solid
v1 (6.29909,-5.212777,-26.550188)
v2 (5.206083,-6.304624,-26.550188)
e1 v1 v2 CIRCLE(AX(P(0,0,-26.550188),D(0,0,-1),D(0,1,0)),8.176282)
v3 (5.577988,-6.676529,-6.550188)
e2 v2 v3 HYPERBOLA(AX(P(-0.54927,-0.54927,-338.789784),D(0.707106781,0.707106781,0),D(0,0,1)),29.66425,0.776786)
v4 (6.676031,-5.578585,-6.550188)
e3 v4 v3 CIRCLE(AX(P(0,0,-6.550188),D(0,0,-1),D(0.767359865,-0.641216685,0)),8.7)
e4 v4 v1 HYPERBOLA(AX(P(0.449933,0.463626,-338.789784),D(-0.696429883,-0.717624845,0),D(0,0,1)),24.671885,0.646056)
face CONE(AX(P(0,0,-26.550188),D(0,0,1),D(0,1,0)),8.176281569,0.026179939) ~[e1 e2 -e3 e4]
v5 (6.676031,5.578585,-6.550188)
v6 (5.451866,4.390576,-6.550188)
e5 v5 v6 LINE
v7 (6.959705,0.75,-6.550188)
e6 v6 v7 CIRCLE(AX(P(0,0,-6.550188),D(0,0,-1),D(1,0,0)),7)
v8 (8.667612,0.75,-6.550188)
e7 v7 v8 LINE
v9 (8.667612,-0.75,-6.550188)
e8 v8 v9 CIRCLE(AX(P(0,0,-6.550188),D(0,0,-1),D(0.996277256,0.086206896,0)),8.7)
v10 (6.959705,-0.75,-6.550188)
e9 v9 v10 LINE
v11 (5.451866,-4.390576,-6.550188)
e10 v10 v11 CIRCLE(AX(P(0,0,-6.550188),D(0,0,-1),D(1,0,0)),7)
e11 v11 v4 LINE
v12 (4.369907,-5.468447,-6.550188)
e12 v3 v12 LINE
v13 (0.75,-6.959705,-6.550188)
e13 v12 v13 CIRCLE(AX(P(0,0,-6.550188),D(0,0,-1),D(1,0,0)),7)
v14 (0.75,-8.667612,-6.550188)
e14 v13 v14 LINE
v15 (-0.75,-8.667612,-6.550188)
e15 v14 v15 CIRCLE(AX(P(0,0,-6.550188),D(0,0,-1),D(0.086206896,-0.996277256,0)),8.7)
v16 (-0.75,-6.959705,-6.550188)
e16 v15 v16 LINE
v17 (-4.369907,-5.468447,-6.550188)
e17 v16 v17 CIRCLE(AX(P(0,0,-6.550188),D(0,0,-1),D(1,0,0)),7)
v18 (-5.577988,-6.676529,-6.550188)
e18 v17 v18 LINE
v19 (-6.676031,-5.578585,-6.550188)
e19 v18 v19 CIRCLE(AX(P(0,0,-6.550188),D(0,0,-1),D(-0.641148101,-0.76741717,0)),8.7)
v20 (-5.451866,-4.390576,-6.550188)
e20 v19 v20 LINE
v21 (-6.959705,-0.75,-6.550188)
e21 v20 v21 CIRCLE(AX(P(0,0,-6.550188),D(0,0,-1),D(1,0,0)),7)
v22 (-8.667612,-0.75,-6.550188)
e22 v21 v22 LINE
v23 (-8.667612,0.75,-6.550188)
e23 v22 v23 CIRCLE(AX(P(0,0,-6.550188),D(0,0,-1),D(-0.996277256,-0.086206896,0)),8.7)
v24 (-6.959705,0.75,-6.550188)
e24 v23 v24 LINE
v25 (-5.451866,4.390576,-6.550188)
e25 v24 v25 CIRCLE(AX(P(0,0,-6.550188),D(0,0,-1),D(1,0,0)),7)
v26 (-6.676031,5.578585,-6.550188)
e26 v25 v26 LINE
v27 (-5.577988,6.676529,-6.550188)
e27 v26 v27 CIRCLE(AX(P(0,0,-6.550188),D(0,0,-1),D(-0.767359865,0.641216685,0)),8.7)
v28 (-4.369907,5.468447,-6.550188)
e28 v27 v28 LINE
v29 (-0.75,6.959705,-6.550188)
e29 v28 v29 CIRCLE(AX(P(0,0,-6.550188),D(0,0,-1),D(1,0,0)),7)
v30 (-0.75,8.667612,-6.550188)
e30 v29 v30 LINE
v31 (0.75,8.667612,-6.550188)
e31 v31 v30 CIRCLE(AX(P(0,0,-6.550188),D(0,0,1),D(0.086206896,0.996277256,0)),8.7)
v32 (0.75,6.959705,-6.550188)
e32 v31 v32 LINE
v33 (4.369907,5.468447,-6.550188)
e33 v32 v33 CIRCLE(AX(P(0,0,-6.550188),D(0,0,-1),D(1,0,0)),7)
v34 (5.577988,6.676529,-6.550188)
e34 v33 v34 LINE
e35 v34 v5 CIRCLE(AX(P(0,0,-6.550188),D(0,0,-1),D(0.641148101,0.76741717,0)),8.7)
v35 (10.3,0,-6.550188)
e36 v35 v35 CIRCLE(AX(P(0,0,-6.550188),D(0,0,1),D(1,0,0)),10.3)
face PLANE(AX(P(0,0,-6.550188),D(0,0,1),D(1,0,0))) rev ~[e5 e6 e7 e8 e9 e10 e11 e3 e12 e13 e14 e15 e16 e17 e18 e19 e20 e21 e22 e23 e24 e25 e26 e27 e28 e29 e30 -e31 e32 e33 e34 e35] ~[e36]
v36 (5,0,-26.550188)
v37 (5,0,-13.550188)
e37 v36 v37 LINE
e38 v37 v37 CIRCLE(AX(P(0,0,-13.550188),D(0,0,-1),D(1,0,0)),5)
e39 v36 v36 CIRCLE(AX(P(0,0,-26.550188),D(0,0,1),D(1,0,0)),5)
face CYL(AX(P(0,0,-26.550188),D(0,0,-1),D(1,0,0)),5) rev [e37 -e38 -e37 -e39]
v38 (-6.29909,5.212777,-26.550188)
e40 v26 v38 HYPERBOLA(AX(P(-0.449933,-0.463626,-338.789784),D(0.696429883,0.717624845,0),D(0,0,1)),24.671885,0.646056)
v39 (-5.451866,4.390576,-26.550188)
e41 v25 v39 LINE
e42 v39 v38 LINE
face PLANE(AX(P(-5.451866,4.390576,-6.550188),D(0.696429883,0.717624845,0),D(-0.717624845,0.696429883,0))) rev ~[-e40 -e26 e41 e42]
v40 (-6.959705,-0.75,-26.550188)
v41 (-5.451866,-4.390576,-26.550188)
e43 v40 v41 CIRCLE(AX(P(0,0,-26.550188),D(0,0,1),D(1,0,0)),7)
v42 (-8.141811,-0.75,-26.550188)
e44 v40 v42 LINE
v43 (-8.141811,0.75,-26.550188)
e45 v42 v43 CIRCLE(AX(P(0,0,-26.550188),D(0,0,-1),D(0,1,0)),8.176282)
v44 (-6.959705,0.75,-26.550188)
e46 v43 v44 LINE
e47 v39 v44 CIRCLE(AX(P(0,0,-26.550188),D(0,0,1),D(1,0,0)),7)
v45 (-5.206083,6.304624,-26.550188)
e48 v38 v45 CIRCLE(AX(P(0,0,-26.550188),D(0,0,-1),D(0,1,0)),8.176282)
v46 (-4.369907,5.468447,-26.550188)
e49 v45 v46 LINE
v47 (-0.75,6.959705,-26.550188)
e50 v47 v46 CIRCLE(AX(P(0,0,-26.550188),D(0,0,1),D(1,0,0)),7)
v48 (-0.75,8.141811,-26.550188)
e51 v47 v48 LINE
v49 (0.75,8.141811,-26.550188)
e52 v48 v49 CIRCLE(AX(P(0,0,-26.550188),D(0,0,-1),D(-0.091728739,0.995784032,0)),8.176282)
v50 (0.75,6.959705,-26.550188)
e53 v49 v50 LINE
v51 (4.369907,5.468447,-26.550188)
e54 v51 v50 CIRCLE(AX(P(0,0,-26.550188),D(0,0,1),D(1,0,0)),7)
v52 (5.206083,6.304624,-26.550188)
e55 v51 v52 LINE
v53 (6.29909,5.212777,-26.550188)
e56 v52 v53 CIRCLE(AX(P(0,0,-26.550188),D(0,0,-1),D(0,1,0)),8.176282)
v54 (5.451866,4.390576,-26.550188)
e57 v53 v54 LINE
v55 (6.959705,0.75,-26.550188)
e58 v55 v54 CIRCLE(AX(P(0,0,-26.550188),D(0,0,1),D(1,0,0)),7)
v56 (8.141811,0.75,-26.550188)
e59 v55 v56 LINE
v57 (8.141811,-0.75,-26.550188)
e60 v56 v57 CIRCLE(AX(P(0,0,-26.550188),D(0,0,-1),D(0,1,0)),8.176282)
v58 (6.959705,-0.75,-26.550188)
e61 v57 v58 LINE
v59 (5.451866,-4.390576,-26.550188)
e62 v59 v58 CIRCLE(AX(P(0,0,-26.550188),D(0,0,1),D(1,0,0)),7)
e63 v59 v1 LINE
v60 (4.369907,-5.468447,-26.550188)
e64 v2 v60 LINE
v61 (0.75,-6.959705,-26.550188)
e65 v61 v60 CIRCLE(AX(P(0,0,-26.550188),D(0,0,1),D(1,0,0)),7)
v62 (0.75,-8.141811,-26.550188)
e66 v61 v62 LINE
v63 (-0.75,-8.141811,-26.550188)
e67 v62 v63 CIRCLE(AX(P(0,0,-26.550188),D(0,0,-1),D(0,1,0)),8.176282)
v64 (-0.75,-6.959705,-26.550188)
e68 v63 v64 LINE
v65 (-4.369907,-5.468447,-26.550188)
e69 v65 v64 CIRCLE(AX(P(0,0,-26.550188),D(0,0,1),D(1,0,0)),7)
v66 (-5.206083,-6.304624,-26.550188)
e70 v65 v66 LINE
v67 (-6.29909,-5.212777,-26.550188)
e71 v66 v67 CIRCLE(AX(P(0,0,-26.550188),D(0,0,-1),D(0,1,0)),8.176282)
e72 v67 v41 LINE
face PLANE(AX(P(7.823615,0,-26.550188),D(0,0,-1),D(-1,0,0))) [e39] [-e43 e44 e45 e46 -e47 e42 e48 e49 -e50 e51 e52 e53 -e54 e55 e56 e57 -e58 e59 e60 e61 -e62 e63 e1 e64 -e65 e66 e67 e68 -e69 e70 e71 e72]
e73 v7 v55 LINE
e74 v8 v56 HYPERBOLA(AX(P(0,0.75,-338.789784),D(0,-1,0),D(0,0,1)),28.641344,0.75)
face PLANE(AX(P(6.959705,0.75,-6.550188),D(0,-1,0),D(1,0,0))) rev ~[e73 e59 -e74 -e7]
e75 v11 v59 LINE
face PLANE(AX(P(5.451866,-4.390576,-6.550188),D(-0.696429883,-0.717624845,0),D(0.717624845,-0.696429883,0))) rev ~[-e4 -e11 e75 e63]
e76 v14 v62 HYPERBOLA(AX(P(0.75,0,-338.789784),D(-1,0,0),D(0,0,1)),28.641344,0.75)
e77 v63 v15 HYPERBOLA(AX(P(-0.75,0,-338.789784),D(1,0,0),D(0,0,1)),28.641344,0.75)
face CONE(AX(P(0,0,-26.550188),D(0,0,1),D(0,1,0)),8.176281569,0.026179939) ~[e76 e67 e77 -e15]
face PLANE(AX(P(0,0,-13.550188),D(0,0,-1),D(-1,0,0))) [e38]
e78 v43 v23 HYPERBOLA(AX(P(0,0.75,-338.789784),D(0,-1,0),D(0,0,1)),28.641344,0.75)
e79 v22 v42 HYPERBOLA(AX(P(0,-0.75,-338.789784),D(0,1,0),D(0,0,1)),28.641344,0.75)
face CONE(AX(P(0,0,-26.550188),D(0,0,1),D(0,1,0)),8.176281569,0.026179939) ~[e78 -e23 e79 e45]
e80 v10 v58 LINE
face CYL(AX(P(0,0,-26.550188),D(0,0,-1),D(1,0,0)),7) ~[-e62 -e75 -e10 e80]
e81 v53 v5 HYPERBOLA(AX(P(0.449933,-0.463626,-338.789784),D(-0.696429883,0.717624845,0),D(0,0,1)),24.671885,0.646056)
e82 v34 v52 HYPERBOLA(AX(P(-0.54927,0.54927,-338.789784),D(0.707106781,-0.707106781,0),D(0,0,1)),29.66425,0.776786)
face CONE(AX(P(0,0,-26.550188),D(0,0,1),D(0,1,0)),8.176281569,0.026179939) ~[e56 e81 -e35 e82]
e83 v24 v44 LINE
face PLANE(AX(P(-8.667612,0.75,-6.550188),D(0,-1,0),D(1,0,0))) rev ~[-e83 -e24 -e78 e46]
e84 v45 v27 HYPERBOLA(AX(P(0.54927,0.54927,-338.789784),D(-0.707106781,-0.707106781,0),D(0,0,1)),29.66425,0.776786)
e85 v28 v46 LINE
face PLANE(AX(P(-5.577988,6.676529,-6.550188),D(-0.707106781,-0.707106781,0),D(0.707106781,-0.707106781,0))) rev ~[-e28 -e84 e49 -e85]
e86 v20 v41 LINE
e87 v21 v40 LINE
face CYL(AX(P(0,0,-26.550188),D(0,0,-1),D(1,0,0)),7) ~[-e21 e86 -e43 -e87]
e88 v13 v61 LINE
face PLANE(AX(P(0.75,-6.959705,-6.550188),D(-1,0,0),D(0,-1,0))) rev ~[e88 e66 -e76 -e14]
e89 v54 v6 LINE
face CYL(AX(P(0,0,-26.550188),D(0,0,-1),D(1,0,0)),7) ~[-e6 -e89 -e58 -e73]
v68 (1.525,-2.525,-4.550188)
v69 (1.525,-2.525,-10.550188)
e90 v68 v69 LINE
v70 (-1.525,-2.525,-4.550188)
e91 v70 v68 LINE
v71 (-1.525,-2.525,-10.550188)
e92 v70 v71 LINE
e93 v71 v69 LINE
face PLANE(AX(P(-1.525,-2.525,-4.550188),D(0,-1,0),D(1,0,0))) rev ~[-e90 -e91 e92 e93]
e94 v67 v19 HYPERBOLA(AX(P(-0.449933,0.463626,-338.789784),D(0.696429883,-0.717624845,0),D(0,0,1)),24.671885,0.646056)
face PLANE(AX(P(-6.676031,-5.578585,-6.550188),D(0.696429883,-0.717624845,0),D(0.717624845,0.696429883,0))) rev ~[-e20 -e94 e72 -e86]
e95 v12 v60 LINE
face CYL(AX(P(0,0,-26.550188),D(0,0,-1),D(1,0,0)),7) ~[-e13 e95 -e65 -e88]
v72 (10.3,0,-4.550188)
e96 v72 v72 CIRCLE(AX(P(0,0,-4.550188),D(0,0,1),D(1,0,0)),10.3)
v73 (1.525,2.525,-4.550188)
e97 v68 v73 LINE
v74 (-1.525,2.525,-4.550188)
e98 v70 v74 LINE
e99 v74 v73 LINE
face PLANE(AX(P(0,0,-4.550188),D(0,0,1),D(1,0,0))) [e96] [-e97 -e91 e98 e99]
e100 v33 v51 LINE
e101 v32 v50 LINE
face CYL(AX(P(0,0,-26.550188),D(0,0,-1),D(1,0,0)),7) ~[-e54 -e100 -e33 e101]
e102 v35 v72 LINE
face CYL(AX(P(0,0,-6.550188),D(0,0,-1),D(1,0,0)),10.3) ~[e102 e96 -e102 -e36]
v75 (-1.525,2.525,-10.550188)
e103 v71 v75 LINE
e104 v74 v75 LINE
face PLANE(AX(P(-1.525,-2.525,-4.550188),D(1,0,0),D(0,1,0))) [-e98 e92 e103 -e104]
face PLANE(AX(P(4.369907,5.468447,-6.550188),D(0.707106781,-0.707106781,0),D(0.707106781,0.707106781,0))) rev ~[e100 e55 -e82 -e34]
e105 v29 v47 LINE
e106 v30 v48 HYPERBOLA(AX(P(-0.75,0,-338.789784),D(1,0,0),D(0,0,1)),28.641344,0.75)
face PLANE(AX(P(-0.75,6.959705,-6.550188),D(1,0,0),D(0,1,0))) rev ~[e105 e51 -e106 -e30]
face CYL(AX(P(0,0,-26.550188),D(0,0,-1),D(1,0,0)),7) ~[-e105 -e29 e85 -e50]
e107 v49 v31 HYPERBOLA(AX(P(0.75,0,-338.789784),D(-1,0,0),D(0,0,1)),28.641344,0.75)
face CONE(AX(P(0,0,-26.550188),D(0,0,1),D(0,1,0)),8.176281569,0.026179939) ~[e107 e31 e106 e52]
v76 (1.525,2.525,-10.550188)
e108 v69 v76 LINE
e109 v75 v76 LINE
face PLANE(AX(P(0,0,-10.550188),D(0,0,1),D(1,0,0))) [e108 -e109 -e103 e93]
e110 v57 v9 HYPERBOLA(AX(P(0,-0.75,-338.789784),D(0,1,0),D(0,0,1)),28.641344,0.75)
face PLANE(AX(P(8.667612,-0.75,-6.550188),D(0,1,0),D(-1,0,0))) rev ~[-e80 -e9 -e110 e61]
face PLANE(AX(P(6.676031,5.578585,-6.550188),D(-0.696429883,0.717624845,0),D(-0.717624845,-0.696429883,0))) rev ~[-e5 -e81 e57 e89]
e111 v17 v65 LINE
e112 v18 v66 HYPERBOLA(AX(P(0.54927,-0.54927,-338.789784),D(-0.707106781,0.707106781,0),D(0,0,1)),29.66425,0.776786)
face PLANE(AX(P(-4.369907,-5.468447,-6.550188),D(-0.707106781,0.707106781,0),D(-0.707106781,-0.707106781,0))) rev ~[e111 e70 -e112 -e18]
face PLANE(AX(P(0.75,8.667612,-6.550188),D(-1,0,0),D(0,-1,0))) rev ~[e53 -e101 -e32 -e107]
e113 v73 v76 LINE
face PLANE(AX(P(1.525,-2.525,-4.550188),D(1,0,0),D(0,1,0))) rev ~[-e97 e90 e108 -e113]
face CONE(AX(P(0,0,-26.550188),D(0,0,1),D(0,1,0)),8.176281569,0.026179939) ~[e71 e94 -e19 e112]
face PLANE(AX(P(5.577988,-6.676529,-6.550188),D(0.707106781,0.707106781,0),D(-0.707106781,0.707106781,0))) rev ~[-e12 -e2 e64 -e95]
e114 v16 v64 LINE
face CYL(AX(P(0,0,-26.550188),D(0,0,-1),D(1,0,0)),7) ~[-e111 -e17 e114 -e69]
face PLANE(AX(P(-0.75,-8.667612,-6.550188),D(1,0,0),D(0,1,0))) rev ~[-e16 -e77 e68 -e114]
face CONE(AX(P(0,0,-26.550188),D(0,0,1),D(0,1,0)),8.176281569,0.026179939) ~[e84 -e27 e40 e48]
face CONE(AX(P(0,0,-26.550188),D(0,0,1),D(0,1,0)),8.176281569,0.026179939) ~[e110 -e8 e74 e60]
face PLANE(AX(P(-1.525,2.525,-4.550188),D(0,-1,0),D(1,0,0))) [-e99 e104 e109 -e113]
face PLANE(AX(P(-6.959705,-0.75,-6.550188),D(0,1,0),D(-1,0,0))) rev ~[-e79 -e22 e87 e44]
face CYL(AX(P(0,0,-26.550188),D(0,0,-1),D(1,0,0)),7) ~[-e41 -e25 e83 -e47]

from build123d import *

# Parameters (mm, degrees)
SKETCH_1_R           = 20.6
EXTRUDE_1_DEPTH      = 4
EXTRUDE_2_DEPTH      = 1
EXTRUDE_2_DEPTH_BACK = 40
SKETCH_2_R           = 14
SKETCH_2_R_2         = 10
EXTRUDE_3_DEPTH      = 40
SKETCH_9_R           = 14
EXTRUDE_4_DEPTH      = 14
SKETCH_10_W          = 6.1
SKETCH_10_H          = 10.1
CUT_EXTRUDE_1_DEPTH  = 12
SCALE_1_SCALE        = 0.5


with BuildPart() as part:
    # Эскиз1 → Бобышка-Вытянуть1 (new body)
    with BuildSketch(Plane.XY):
        Circle(SKETCH_1_R)
    extrude(amount=EXTRUDE_1_DEPTH)



with BuildPart() as body_2:
    # Эскиз2 → Бобышка-Вытянуть2 (new, two sides: drawn at the far end of the back side and taken through both)
    with BuildSketch(Plane.XY.offset(-EXTRUDE_2_DEPTH_BACK)):
        Circle(SKETCH_2_R)
        Circle(SKETCH_2_R_2, mode=Mode.SUBTRACT)
    extrude(amount=EXTRUDE_2_DEPTH + EXTRUDE_2_DEPTH_BACK)


with BuildPart() as part_1:
    add(part.part)

    add(body_2.part)  # Бобышка-Вытянуть3 merges body 2
    # Эскиз3 → Бобышка-Вытянуть3 (add)
    with BuildSketch(Plane(origin=(0, 0, 0), x_dir=(-1, 0, 0), z_dir=(0, 0, -1))):
        with BuildLine():
            Line((-13.919410907, 1.5), (-17.335224256, 1.5))
            ThreePointArc((-17.335224256, 1.5), (-17.4, 0), (-17.335224256, -1.5))
            Line((-17.335224256, -1.5), (-13.919410907, -1.5))
            ThreePointArc((-13.919410907, -1.5), (-14, 0), (-13.919410907, 1.5))
        make_face()
        with BuildLine():
            Line((-13.352061647, 11.15717033), (-10.90373204, 8.781151838))
            ThreePointArc((-10.90373204, 8.781151838), (-9.880739986, 9.918214422), (-8.73981303, 10.936894815))
            Line((-8.73981303, 10.936894815), (-11.155976965, 13.353058749))
            ThreePointArc((-11.155976965, 13.353058749), (-12.30310817, 12.304207791), (-13.352061647, 11.15717033))
        make_face()
        with BuildLine():
            ThreePointArc((-8.73981303, -10.936894815), (-9.880739986, -9.918214422), (-10.90373204, -8.781151838))
            Line((-10.90373204, -8.781151838), (-13.352061647, -11.15717033))
            ThreePointArc((-13.352061647, -11.15717033), (-12.30310817, -12.304207791), (-11.155976965, -13.353058749))
            Line((-11.155976965, -13.353058749), (-8.73981303, -10.936894815))
        make_face()
        with BuildLine():
            Line((-1.5, 17.335224256), (-1.5, 13.919410907))
            ThreePointArc((-1.5, 13.919410907), (0, 14), (1.5, 13.919410907))
            Line((1.5, 13.919410907), (1.5, 17.335224256))
            ThreePointArc((1.5, 17.335224256), (0, 17.4), (-1.5, 17.335224256))
        make_face()
        with BuildLine():
            ThreePointArc((1.5, -13.919410907), (0, -14), (-1.5, -13.919410907))
            Line((-1.5, -13.919410907), (-1.5, -17.335224256))
            ThreePointArc((-1.5, -17.335224256), (0, -17.4), (1.5, -17.335224256))
            Line((1.5, -17.335224256), (1.5, -13.919410907))
        make_face()
        with BuildLine():
            Line((11.155976965, 13.353058749), (8.73981303, 10.936894815))
            ThreePointArc((8.73981303, 10.936894815), (9.880739986, 9.918214422), (10.90373204, 8.781151838))
            Line((10.90373204, 8.781151838), (13.352061647, 11.15717033))
            ThreePointArc((13.352061647, 11.15717033), (12.30310817, 12.304207791), (11.155976965, 13.353058749))
        make_face()
        with BuildLine():
            ThreePointArc((10.90373204, -8.781151838), (9.880739986, -9.918214422), (8.73981303, -10.936894815))
            Line((8.73981303, -10.936894815), (11.155976965, -13.353058749))
            ThreePointArc((11.155976965, -13.353058749), (12.30310817, -12.304207791), (13.352061647, -11.15717033))
            Line((13.352061647, -11.15717033), (10.90373204, -8.781151838))
        make_face()
        with BuildLine():
            Line((17.335224256, 1.5), (13.919410907, 1.5))
            ThreePointArc((13.919410907, 1.5), (14, 0), (13.919410907, -1.5))
            Line((13.919410907, -1.5), (17.335224256, -1.5))
            ThreePointArc((17.335224256, -1.5), (17.4, 0), (17.335224256, 1.5))
        make_face()
    extrude(amount=EXTRUDE_3_DEPTH)

    # Эскиз8 → Вырез-Повернуть2 (revolve, cut)
    with BuildSketch(Plane(origin=(0, 0, 0), x_dir=(0, 0, -1), z_dir=(1, 0, 0))):
        Polygon((40, 16.352563137), (0, 17.4), (40, 17.4), align=None)
    revolve(axis=Axis((0, 0, 0), (0, 0, -1)), mode=Mode.SUBTRACT)

    # Эскиз9 → Бобышка-Вытянуть4 (add)
    with BuildSketch(Plane(origin=(0, 0, 0), x_dir=(-1, 0, 0), z_dir=(0, 0, -1))):
        Circle(SKETCH_9_R)
    extrude(amount=EXTRUDE_4_DEPTH)

    # Эскиз10 → Вырез-Вытянуть1 (cut)
    with BuildSketch(Plane.XY.offset(4)):
        Rectangle(SKETCH_10_W, SKETCH_10_H)
    extrude(amount=-CUT_EXTRUDE_1_DEPTH, mode=Mode.SUBTRACT)


with BuildPart() as part_2:
    # Масштаб1: scaled about (0, 0, -13.100376841)
    add(part_1.part.scale(SCALE_1_SCALE).moved(Location((0, 0, -6.55018842))))


solid = part_2.part
